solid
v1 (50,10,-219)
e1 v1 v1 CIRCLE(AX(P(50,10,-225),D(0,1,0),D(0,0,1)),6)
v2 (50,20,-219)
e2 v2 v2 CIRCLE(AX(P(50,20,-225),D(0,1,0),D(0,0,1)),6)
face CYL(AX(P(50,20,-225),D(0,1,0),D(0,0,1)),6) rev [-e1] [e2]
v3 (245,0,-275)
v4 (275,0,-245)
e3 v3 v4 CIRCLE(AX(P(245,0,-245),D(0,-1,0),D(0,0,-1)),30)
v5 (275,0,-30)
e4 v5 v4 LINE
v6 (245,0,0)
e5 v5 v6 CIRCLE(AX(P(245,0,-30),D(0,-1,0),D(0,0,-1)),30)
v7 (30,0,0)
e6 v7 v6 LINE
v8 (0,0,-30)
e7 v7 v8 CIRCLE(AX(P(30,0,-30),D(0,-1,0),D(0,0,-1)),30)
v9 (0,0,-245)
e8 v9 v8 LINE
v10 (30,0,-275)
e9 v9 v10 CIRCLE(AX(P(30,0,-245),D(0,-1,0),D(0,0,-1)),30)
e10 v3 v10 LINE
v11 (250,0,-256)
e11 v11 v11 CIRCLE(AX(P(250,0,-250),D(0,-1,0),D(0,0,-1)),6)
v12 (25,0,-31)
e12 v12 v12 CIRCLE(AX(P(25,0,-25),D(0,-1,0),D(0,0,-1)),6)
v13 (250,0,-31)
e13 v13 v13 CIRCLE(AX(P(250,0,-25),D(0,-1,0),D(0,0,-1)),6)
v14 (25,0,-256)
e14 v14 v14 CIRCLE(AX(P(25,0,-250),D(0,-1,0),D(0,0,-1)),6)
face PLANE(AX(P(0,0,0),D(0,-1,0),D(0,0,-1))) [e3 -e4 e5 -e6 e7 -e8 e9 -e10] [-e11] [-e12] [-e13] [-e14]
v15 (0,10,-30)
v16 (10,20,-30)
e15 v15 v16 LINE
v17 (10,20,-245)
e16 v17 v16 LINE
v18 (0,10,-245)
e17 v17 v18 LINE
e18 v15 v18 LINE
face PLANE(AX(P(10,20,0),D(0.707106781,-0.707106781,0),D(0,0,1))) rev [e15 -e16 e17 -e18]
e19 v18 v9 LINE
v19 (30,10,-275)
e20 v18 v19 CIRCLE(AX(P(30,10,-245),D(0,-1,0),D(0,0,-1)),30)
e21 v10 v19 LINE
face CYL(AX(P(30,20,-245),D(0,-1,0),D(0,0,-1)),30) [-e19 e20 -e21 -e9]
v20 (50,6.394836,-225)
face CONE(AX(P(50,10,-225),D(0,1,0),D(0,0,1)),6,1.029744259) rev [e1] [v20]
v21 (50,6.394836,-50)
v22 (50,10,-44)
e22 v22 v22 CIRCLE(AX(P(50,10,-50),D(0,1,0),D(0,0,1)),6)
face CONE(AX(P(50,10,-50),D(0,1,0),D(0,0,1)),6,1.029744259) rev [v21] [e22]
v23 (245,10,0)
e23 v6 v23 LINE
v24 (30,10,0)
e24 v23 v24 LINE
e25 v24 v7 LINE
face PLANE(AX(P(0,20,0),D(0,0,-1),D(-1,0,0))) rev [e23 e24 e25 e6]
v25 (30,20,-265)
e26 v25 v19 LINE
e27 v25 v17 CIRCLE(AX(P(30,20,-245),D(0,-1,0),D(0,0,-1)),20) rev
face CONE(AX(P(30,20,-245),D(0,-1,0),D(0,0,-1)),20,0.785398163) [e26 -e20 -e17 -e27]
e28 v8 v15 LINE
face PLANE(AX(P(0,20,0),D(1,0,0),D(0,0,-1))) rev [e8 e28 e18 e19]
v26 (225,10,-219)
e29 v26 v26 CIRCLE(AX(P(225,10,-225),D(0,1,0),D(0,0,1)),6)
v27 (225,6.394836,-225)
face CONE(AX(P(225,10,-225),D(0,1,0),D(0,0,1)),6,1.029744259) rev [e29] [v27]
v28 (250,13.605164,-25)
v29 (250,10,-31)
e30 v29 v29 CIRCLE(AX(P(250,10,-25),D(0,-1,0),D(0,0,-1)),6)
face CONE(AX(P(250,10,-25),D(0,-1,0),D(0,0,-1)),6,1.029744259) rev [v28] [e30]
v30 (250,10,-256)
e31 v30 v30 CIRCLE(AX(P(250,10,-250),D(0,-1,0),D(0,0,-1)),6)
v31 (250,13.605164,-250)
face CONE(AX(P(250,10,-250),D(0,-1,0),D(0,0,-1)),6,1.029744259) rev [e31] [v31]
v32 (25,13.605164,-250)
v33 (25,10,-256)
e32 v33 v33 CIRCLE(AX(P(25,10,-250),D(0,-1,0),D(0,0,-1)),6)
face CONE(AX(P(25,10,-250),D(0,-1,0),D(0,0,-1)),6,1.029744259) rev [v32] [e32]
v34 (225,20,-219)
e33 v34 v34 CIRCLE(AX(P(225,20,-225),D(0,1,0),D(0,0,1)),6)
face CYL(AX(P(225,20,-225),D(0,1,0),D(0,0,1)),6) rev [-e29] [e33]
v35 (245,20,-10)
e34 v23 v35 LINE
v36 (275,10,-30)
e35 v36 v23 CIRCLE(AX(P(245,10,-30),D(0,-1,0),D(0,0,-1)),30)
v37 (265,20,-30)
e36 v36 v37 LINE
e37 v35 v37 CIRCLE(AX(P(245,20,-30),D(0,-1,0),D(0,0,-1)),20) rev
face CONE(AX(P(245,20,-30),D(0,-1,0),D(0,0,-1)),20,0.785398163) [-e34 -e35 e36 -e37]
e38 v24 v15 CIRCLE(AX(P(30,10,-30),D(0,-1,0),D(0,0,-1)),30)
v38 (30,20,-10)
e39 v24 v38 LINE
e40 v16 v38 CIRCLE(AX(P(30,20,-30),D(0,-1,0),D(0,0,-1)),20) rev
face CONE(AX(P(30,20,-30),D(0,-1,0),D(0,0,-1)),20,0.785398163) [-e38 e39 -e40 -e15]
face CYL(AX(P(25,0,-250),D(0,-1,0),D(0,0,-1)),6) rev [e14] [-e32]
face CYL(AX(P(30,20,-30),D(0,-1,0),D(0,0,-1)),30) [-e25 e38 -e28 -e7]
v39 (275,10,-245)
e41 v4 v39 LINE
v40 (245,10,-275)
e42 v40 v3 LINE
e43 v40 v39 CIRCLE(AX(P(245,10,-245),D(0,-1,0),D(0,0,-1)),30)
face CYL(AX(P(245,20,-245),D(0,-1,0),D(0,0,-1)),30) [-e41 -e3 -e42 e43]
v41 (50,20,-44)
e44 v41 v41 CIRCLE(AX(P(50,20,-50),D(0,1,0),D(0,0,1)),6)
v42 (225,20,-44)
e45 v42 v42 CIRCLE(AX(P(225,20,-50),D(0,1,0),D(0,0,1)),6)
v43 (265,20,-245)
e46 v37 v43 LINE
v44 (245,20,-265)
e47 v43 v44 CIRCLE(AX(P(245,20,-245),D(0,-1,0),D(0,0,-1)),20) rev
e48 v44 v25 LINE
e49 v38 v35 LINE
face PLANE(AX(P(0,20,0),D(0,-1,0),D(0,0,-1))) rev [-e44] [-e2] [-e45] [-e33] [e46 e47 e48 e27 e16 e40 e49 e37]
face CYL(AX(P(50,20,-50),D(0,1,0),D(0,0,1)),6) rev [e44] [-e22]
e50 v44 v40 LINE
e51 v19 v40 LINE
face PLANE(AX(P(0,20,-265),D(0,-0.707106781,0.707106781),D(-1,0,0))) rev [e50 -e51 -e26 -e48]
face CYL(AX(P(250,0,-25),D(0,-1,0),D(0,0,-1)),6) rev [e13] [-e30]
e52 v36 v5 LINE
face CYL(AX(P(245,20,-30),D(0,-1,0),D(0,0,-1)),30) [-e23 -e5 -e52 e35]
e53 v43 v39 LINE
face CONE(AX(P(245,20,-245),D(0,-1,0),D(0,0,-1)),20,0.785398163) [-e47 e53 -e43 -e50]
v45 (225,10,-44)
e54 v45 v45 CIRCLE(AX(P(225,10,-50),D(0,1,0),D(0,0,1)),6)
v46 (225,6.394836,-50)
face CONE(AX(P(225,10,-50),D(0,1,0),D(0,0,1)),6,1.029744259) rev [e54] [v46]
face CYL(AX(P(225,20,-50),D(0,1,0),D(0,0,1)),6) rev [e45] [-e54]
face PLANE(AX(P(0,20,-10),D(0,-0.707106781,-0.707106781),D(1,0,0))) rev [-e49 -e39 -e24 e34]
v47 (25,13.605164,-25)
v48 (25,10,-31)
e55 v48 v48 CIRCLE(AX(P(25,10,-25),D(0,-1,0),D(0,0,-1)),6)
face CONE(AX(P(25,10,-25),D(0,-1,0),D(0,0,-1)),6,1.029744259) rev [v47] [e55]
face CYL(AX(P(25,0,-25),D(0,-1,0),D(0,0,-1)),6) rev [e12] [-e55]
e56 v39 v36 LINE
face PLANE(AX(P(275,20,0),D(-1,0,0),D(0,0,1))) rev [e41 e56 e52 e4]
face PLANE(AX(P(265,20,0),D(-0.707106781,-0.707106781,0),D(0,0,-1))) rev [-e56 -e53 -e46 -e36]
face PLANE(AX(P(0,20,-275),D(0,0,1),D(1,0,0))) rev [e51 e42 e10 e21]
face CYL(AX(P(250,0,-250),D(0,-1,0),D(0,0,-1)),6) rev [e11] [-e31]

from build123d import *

# Parameters (mm, degrees)
SKETCH_1_W                 = 275
SKETCH_1_H                 = 275
EXTRUDE_1_DEPTH            = 20
FILLET_1_R                 = 30
CHAMFER_1_SIZE             = 10
F_20_0MM_1_D               = 12
F_20_0MM_1_DEPTH           = 10
F_20_0MM_1_TIP             = 3.605163714
F_20_0MM_1_ON_FACE_2_D     = 12
F_20_0MM_1_ON_FACE_2_DEPTH = 10
F_20_0MM_1_ON_FACE_2_TIP   = 3.605163714


with BuildPart() as part:
    # 草圖1 → 填料-伸長1 (new body)
    with BuildSketch(Plane(origin=(0, 0, 0), x_dir=(1, 0, 0), z_dir=(0, 1, 0))):
        with Locations((137.5, 137.5)):
            Rectangle(SKETCH_1_W, SKETCH_1_H)
    extrude(amount=EXTRUDE_1_DEPTH)

    # 圓角1
    fillet_1_edges = [part.edges().sort_by_distance(p)[0] for p in [
        (0, 10, -275),
        (275, 10, -275),
        (275, 10, 0),
        (0, 10, 0),
    ]]
    fillet(fillet_1_edges, radius=FILLET_1_R)

    # 導角1
    chamfer_1_edges = [part.edges().sort_by_distance(p)[0] for p in [
        (0, 20, -137.5),
        (137.5, 20, -275),
        (137.5, 20, 0),
        (275, 20, -137.5),
        (8.786796564, 20, -8.786796564),
        (266.213203436, 20, -8.786796564),
        (266.213203436, 20, -266.213203436),
        (8.786796564, 20, -266.213203436),
    ]]
    chamfer(chamfer_1_edges, length=CHAMFER_1_SIZE)

    # Ø20.0mm 定位孔1
    with Locations(Plane(origin=(50, 20, -50), x_dir=(0, 0, 1), z_dir=(0, 1, 0))):
        with Locations((0, 0), (-175, 0), (-175, 175), (0, 175)):
            Hole(F_20_0MM_1_D / 2, depth=F_20_0MM_1_DEPTH)
            with Locations((0, 0, -(F_20_0MM_1_DEPTH + F_20_0MM_1_TIP / 2))):  # 118° drill point
                Cone(0, F_20_0MM_1_D / 2, F_20_0MM_1_TIP, mode=Mode.SUBTRACT)

    # Ø20.0mm 定位孔1 on face 2
    with Locations(Plane(origin=(25, 0, -25), x_dir=(0, 0, -1), z_dir=(0, -1, 0))):
        with Locations((0, 0), (0, 225), (225, 225), (225, 0)):
            Hole(F_20_0MM_1_ON_FACE_2_D / 2, depth=F_20_0MM_1_ON_FACE_2_DEPTH)
            with Locations((0, 0, -(F_20_0MM_1_ON_FACE_2_DEPTH + F_20_0MM_1_ON_FACE_2_TIP / 2))):  # 118° drill point
                Cone(0, F_20_0MM_1_ON_FACE_2_D / 2, F_20_0MM_1_ON_FACE_2_TIP, mode=Mode.SUBTRACT)


solid = part.part
